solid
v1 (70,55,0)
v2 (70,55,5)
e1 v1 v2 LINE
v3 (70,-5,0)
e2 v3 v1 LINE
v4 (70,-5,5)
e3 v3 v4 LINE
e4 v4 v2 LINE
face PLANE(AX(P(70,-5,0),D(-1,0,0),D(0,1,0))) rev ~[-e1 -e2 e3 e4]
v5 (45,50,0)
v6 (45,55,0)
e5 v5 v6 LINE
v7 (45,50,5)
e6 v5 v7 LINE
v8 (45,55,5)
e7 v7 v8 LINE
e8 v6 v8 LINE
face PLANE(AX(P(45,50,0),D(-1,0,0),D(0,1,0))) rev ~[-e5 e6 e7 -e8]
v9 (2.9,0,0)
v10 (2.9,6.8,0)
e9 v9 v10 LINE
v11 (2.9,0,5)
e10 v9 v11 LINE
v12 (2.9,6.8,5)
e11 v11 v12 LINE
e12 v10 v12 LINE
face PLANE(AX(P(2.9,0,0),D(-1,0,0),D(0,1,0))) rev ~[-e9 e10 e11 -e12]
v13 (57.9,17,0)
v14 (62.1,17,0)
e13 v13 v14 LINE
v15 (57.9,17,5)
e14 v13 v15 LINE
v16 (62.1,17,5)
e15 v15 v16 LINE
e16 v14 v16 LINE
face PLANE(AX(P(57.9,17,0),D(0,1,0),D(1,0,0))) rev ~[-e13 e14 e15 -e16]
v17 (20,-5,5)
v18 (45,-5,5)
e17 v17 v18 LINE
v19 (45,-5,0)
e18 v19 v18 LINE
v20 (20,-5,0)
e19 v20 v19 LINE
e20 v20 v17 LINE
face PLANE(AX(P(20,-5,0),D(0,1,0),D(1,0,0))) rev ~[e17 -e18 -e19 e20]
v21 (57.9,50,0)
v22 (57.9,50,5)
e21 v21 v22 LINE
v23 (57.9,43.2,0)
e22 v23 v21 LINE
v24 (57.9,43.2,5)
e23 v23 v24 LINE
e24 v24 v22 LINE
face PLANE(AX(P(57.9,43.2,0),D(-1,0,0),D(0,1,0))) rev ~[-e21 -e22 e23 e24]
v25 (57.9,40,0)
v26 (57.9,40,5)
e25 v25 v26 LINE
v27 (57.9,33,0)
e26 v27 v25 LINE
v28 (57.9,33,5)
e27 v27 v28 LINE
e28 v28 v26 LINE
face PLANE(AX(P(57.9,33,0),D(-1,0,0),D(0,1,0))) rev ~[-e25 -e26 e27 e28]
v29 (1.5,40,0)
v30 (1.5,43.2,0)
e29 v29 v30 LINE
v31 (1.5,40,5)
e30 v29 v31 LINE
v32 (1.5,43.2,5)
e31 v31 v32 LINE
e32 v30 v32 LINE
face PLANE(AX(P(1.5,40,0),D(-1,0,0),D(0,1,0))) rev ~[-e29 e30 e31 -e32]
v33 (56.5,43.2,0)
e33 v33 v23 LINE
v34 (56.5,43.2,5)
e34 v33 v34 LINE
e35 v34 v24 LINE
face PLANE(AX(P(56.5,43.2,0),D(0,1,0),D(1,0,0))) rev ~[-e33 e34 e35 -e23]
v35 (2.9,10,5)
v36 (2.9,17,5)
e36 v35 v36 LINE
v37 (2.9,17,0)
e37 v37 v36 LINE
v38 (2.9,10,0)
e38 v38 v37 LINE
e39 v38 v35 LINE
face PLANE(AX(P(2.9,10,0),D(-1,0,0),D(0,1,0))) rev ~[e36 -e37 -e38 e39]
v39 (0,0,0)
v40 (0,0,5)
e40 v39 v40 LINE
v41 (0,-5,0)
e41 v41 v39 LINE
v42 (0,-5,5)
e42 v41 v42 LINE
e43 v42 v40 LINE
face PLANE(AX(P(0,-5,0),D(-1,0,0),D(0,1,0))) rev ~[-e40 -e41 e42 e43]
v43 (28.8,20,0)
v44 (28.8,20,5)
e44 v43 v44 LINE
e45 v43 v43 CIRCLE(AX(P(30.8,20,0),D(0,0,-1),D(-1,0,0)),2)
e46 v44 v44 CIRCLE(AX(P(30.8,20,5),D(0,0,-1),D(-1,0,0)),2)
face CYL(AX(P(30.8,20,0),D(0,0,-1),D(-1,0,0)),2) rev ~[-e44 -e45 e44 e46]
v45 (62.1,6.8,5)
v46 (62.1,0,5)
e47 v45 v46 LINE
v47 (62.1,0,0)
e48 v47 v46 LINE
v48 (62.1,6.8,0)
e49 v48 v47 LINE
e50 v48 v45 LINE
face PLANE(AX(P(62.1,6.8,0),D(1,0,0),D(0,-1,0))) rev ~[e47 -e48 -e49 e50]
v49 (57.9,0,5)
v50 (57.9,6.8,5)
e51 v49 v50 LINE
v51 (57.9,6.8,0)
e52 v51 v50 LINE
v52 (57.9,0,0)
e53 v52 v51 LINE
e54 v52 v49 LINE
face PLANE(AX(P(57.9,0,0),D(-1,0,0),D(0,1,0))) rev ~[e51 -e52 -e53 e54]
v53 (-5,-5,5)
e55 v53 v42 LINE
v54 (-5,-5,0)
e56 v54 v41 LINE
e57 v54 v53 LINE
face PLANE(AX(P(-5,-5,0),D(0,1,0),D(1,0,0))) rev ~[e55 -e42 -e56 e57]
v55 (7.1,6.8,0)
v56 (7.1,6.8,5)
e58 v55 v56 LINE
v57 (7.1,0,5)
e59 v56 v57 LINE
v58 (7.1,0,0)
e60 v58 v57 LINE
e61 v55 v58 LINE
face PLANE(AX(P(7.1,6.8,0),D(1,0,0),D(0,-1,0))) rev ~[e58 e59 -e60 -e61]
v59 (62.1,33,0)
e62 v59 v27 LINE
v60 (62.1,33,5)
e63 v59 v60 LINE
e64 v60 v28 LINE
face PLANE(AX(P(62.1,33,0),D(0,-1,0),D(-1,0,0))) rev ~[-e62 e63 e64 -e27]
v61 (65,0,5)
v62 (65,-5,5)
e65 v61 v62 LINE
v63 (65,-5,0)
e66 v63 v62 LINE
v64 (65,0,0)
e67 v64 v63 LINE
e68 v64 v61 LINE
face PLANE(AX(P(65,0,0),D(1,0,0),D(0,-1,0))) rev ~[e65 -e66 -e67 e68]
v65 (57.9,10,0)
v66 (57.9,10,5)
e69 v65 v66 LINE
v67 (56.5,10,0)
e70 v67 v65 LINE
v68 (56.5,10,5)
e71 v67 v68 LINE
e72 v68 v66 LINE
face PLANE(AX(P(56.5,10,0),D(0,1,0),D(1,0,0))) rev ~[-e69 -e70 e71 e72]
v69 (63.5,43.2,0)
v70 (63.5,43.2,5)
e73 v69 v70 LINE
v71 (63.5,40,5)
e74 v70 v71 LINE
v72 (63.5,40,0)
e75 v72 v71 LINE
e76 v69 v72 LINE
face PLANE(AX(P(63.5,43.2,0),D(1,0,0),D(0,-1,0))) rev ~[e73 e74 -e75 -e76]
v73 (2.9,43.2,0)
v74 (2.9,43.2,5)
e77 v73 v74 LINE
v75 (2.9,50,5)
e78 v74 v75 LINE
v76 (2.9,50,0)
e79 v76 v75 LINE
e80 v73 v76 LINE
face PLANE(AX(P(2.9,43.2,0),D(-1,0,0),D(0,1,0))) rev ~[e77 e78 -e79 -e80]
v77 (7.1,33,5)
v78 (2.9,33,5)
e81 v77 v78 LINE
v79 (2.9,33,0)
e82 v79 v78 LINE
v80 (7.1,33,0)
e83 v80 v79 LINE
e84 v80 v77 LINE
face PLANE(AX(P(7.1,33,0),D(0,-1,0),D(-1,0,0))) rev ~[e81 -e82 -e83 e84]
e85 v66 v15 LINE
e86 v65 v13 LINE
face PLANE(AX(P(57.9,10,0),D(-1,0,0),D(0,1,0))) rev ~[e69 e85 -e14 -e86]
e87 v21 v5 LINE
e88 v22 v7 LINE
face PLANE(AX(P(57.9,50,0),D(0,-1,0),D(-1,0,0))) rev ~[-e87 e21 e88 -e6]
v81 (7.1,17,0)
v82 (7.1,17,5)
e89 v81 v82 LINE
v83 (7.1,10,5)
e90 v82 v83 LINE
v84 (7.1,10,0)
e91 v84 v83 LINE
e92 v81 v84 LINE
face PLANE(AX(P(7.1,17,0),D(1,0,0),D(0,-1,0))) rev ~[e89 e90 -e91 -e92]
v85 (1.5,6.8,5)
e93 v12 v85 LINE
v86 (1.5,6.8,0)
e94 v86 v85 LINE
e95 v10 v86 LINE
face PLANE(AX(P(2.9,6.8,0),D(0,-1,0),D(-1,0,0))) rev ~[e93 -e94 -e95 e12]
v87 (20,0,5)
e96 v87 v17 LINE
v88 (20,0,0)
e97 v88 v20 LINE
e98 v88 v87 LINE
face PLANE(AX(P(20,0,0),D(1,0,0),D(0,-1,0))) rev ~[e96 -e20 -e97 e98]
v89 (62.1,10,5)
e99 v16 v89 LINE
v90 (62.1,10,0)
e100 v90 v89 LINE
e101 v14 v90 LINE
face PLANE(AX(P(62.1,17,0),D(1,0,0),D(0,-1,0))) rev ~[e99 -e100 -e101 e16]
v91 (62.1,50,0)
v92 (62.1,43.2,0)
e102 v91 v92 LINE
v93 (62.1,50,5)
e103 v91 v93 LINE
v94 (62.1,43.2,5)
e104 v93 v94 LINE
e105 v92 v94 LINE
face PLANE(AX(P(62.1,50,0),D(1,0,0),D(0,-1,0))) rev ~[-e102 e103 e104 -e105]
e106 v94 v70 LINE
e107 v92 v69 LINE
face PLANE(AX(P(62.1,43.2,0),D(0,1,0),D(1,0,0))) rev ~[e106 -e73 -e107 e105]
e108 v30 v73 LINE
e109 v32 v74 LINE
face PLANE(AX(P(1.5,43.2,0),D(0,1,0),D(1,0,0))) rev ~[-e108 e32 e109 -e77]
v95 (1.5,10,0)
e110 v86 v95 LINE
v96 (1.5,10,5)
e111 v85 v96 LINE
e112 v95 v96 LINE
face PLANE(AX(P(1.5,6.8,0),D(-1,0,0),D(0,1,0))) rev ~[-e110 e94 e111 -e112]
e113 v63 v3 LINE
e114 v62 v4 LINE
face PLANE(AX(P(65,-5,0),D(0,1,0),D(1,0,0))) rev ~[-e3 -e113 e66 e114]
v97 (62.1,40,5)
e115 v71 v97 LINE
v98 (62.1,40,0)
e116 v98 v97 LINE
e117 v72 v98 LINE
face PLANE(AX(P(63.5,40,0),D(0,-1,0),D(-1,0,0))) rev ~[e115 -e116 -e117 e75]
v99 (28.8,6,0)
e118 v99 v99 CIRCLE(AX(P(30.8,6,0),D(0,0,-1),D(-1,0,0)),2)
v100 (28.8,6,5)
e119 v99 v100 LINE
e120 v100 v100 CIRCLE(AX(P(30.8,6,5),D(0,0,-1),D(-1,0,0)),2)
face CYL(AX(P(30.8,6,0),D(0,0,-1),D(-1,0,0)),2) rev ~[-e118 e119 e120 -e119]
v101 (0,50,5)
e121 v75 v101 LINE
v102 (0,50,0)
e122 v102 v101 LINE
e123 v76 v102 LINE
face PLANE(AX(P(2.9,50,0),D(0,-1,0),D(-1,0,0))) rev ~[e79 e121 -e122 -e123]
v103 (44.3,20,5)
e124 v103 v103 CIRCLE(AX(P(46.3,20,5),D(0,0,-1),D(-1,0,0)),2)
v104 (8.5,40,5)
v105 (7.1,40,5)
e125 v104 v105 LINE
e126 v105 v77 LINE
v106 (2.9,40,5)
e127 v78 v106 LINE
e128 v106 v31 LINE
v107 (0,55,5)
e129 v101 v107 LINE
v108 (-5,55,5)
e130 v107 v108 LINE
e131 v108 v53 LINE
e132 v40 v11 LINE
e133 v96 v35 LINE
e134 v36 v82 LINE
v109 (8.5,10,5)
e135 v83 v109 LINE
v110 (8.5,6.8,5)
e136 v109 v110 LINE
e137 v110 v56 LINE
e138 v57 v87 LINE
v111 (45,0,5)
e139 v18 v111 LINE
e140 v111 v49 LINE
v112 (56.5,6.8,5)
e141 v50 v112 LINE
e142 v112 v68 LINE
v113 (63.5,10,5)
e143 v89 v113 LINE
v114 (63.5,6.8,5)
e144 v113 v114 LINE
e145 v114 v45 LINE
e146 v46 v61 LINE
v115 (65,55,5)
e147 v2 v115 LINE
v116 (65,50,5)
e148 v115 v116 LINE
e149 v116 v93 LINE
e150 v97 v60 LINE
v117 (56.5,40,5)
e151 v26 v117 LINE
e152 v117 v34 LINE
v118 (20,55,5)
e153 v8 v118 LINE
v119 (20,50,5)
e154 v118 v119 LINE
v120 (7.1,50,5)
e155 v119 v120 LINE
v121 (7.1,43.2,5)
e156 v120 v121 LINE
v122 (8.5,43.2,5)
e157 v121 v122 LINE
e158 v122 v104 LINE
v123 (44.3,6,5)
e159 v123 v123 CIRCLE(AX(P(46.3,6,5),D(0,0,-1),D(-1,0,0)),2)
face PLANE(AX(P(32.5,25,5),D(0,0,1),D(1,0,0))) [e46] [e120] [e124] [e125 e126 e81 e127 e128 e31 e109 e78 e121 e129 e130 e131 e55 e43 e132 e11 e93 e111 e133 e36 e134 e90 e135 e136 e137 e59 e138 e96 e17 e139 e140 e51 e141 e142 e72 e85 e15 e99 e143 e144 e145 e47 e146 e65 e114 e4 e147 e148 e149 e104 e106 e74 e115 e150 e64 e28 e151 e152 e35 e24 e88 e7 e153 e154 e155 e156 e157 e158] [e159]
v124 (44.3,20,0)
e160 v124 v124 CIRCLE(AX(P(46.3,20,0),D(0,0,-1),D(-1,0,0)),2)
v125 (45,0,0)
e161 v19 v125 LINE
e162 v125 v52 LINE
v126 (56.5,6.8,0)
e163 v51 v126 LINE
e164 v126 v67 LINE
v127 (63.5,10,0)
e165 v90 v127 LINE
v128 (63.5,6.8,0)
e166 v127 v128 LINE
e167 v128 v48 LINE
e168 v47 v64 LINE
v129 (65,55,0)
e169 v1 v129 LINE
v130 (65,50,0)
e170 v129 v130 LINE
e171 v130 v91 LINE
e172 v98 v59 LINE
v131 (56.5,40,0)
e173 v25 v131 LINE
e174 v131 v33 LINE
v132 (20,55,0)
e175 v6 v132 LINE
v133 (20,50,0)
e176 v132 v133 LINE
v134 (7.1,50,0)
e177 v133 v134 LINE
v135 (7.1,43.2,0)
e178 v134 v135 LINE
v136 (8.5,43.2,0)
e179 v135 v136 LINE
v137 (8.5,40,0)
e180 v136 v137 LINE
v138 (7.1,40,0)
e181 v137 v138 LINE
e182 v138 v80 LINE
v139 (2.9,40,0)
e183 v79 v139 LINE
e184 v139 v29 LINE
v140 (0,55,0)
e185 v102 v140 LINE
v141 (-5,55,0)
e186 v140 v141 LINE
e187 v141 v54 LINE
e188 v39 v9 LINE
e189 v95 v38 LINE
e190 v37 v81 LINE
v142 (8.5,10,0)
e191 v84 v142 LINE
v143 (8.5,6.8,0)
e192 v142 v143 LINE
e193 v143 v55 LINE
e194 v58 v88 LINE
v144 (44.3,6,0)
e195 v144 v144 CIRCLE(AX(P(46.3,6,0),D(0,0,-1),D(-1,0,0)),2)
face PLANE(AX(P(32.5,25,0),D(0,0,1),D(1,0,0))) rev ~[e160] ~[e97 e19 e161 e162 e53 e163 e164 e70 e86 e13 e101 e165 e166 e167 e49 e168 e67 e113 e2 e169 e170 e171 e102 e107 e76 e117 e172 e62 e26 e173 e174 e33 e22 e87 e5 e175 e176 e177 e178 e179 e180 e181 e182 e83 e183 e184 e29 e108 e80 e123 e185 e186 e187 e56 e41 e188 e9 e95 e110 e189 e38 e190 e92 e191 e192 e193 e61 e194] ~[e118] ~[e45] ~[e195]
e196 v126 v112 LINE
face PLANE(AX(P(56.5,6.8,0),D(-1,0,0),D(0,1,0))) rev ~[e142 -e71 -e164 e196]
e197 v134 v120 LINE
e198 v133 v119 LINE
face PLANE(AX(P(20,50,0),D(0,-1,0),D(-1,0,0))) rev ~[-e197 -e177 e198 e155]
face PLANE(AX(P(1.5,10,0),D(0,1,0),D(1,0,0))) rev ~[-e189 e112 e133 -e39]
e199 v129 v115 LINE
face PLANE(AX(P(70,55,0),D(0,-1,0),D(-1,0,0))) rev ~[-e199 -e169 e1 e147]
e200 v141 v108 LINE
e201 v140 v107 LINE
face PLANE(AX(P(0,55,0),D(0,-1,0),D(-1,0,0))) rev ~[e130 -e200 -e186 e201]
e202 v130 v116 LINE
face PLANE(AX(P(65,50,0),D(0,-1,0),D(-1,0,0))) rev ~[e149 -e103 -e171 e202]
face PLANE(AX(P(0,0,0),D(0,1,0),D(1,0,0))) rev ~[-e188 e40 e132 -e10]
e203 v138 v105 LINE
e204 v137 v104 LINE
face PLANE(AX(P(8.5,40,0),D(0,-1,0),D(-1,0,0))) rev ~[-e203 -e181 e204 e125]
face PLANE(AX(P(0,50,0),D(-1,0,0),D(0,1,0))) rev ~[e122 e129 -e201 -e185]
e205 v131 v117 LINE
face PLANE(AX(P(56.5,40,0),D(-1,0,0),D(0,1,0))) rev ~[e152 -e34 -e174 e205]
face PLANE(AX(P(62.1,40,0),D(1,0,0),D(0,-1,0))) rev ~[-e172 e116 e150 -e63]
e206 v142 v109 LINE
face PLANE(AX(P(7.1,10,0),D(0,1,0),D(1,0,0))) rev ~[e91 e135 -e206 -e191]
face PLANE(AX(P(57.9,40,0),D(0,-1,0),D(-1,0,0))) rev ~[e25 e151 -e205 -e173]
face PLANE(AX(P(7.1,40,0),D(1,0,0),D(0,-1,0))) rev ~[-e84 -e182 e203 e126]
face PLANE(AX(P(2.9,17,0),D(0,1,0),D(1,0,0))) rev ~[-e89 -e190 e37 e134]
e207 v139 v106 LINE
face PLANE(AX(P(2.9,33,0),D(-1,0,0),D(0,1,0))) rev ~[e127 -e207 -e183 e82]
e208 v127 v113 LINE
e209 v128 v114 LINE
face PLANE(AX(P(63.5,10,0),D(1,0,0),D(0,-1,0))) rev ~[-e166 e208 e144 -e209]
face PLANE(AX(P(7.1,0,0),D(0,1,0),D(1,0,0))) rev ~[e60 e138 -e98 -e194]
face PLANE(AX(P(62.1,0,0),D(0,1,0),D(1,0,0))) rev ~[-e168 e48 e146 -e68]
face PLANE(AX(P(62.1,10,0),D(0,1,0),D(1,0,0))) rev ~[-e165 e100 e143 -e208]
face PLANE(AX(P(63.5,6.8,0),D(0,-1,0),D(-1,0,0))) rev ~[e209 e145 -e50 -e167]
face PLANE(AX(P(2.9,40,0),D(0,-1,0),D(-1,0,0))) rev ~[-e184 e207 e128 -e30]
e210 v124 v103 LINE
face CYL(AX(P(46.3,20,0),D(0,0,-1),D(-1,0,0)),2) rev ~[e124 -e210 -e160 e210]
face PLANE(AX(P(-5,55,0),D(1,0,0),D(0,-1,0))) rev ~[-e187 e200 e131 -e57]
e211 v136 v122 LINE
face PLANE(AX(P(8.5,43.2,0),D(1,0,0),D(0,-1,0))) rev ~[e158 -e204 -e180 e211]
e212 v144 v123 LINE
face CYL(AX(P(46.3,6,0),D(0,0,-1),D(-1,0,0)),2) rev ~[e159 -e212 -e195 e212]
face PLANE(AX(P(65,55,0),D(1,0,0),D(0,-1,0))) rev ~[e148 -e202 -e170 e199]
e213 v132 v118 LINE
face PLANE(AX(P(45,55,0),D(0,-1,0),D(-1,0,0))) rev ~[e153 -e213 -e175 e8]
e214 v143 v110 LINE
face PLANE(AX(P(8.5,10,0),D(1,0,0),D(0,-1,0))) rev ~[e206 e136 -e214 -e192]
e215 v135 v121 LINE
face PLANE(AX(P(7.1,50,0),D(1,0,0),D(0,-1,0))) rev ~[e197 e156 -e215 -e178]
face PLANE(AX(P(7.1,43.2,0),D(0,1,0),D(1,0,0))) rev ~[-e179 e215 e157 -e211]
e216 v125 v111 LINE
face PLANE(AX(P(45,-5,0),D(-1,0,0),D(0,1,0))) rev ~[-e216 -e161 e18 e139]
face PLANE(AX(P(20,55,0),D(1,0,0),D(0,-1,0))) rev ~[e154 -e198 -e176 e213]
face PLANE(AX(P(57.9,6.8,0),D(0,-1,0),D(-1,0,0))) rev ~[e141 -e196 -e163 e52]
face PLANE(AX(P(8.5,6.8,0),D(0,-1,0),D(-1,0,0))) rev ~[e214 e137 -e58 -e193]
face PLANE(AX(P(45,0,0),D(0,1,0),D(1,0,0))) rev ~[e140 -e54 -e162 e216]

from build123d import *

# Parameters (mm, degrees)
BOSS_EXTRUDE1_DEPTH = 5
SKETCH2_R           = 2
CUT_EXTRUDE2_DEPTH  = 5


with BuildPart() as part:
    # Sketch1 → Boss-Extrude1 (new body)
    with BuildSketch(Plane.XY):
        Polygon((2.9, 50), (0, 50), (0, 55), (-5, 55), (-5, -5), (0, -5), (0, 0), (2.9, 0), (2.9, 6.8), (1.5, 6.8), (1.5, 10), (2.9, 10), (2.9, 17), (7.1, 17), (7.1, 10), (8.5, 10), (8.5, 6.8), (7.1, 6.8), (7.1, 0), (20, 0), (20, -5), (45, -5), (45, 0), (57.9, 0), (57.9, 6.8), (56.5, 6.8), (56.5, 10), (57.9, 10), (57.9, 17), (62.1, 17), (62.1, 10), (63.5, 10), (63.5, 6.8), (62.1, 6.8), (62.1, 0), (65, 0), (65, -5), (70, -5), (70, 55), (65, 55), (65, 50), (62.1, 50), (62.1, 43.2), (63.5, 43.2), (63.5, 40), (62.1, 40), (62.1, 33), (57.9, 33), (57.9, 40), (56.5, 40), (56.5, 43.2), (57.9, 43.2), (57.9, 50), (45, 50), (45, 55), (20, 55), (20, 50), (7.1, 50), (7.1, 43.2), (8.5, 43.2), (8.5, 40), (7.1, 40), (7.1, 33), (2.9, 33), (2.9, 40), (1.5, 40), (1.5, 43.2), (2.9, 43.2), align=None)
    extrude(amount=BOSS_EXTRUDE1_DEPTH)

    # Sketch2 → Cut-Extrude2 (cut)
    with BuildSketch(Plane(origin=(0, 0, 0), x_dir=(-1, 0, 0), z_dir=(0, 0, -1))):
        with Locations((-46.3, 20)):
            Circle(SKETCH2_R)
        with Locations((-46.3, 6)):
            Circle(SKETCH2_R)
        with Locations((-30.8, 6)):
            Circle(SKETCH2_R)
        with Locations((-30.8, 20)):
            Circle(SKETCH2_R)
    extrude(amount=-CUT_EXTRUDE2_DEPTH, mode=Mode.SUBTRACT)


solid = part.part
